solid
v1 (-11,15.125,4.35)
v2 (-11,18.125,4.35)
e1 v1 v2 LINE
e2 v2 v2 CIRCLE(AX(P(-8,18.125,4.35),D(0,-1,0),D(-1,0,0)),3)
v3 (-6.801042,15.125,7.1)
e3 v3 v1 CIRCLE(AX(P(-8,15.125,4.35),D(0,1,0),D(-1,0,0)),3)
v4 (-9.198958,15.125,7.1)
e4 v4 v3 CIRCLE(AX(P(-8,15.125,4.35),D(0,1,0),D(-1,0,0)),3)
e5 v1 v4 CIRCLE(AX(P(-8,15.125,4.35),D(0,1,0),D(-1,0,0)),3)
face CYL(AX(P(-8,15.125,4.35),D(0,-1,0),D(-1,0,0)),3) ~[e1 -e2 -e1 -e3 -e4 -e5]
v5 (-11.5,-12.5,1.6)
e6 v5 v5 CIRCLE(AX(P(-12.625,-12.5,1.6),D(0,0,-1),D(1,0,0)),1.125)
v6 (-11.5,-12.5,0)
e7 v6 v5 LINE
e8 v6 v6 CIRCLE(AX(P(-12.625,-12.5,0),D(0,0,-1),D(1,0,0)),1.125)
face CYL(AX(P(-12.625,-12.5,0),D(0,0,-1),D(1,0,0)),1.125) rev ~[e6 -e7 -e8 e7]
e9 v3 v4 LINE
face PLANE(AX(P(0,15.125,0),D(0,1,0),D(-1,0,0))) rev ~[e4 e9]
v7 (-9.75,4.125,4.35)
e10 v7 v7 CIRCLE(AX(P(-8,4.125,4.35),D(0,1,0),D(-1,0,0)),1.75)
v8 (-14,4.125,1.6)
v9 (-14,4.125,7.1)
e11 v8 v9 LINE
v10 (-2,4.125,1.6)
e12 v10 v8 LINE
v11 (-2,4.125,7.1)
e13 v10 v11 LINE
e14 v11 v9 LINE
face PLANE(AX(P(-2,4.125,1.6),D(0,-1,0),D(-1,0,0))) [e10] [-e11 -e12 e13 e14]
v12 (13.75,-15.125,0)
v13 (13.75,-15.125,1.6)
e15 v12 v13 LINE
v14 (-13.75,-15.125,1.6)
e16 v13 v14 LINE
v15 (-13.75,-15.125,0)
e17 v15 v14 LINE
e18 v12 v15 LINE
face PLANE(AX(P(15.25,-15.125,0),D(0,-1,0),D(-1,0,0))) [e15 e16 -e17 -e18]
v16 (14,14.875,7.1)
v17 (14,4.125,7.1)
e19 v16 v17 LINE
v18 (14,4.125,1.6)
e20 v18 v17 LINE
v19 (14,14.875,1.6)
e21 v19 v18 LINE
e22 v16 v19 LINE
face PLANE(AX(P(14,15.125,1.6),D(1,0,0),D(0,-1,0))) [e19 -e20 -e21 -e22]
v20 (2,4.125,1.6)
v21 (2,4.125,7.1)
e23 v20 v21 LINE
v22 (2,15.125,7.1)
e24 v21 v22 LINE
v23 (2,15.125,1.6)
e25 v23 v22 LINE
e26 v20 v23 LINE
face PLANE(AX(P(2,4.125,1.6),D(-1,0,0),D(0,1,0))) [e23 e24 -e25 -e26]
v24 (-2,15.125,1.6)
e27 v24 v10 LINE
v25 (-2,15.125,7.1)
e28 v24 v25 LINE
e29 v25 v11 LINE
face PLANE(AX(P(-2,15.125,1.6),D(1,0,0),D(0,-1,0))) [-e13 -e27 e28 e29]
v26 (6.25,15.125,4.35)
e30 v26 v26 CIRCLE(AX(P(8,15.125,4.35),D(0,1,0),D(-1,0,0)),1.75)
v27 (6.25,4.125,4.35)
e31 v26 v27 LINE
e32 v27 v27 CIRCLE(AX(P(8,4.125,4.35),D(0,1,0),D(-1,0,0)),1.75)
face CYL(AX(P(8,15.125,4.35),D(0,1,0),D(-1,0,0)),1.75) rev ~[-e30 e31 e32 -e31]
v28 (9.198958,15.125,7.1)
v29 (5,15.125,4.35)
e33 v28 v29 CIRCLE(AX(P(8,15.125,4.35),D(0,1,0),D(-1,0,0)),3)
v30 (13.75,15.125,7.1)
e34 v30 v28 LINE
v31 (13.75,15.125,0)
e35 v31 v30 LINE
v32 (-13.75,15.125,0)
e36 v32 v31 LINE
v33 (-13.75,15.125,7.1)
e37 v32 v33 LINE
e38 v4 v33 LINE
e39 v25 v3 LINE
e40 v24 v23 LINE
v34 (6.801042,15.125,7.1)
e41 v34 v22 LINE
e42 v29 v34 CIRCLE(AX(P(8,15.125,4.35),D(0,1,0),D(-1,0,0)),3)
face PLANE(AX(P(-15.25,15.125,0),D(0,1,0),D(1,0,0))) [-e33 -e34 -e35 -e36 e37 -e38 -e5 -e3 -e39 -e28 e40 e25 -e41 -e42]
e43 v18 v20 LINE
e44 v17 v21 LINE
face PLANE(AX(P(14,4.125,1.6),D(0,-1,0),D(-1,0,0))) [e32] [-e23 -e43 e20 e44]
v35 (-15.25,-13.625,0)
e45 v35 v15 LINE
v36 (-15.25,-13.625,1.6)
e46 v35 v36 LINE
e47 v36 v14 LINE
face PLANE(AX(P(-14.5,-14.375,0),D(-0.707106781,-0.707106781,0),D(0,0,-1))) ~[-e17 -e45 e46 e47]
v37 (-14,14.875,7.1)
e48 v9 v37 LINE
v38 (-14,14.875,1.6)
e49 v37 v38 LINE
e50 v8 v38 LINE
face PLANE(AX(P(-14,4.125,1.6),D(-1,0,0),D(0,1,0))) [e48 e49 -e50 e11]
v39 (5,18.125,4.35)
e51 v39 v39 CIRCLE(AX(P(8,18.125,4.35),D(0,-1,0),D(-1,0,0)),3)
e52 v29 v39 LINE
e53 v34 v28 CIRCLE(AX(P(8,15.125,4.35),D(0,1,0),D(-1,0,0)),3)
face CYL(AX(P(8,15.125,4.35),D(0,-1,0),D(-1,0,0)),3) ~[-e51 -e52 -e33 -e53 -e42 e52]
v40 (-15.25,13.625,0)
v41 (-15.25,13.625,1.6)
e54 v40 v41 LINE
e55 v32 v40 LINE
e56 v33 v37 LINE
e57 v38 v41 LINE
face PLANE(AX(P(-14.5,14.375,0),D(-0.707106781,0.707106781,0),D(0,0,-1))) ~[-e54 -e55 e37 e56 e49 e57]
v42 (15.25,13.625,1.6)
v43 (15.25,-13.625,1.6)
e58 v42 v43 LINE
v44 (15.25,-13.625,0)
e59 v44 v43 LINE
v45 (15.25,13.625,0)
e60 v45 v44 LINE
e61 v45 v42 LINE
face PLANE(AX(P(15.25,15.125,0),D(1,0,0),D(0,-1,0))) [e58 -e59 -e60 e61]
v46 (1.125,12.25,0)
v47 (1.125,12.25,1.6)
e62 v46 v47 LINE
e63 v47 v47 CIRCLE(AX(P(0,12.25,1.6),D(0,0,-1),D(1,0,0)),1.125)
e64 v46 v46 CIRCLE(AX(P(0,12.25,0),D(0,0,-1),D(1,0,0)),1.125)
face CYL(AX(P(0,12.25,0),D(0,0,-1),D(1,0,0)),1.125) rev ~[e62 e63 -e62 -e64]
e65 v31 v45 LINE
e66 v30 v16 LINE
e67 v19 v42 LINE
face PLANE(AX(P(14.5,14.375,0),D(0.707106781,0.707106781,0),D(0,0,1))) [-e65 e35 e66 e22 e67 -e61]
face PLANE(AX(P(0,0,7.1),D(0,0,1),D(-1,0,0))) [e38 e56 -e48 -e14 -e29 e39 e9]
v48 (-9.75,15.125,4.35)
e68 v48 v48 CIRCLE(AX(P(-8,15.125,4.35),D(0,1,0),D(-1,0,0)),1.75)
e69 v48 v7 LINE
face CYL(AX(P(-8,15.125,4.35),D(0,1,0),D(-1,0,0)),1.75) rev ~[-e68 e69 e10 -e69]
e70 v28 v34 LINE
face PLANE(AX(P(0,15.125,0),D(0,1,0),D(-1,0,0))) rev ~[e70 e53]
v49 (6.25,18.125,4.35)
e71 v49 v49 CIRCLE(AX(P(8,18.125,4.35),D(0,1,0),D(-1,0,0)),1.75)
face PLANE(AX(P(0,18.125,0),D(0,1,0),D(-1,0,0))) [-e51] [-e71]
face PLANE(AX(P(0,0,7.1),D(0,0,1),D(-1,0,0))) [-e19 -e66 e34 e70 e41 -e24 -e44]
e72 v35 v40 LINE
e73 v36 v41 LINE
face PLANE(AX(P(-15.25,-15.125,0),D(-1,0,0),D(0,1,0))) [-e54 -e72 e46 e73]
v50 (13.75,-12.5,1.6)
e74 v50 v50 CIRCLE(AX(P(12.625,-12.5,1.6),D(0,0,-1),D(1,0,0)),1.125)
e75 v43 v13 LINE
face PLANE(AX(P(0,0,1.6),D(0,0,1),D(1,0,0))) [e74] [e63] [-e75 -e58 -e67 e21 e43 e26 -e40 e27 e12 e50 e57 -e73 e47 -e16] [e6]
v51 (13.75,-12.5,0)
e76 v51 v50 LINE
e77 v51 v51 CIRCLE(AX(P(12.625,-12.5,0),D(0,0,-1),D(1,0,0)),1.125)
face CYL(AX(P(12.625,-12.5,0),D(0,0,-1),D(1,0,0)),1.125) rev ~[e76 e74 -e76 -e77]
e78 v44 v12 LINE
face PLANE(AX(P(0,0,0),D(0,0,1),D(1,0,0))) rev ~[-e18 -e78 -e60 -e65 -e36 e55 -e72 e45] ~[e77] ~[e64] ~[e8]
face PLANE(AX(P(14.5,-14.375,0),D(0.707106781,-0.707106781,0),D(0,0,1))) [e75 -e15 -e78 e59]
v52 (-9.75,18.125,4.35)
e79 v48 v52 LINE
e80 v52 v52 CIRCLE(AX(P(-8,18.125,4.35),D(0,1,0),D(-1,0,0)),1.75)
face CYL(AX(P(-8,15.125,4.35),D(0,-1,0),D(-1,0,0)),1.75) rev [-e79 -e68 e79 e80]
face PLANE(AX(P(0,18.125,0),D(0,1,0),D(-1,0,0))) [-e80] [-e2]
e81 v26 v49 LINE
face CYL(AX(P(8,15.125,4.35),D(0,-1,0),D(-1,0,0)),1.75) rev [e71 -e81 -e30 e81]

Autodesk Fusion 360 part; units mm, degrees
sketch "Sketch1" plane through (0, 0, 0) normal (0, 0, 1) x (1, 0, 0)
  line L0 (-15.25, 15.125) -> (15.25, 15.125)
  line L1 (15.25, 15.125) -> (15.25, -15.125)
  line L2 (15.25, -15.125) -> (-15.25, -15.125)
  line L3 (-15.25, -15.125) -> (-15.25, 15.125)
  line L4 (-15.25, 15.125) -> (15.25, -15.125) construction
  line L5 (15.25, 15.125) -> (-15.25, -15.125) construction
  dimension "d1" = 30.5
  dimension "d2" = 30.25
extrude "Extrude1" add sketch "Sketch1" along normal blind 1.6
sketch "Sketch2" plane through (0, 0, 1.6) normal (0, 0, 1) x (-1, 0, 0)
  line L0 (15.25, 15.125) -> (-15.25, 15.125)
  line L1 (-15.25, 15.125) -> (-15.25, -15.125)
  line L2 (-15.25, -15.125) -> (15.25, -15.125)
  line L3 (15.25, -15.125) -> (15.25, 15.125)
  line L4 (14, -15.125) -> (2, -15.125)
  line L5 (2, -15.125) -> (2, -4.125)
  line L6 (2, -4.125) -> (14, -4.125)
  line L7 (14, -4.125) -> (14, -15.125)
  line L8 (-2, -15.125) -> (-14, -15.125)
  line L9 (-14, -15.125) -> (-14, -4.125)
  line L10 (-14, -4.125) -> (-2, -4.125)
  line L11 (-2, -4.125) -> (-2, -15.125)
  dimension "d5" = 12
  dimension "d6" = 11
  dimension "d7" = 12
  dimension "d8" = 11
  dimension "d9" = 4
  dimension "d10" = 1.25
extrude "Extrude2" add sketch "Sketch2" along normal blind 5.5 contours L2 L4 L5 L6 L7 | L2 L8 L9 L10 L11
sketch "Sketch3" plane through (0, 15.125, 0) normal (0, 1, 0) x (-1, 0, 0)
  line L0 (-15.25, 0) -> (15.25, 0)
  line L1 (15.25, 0) -> (15.25, 1.6)
  line L2 (15.25, 1.6) -> (14, 1.6)
  line L3 (14, 1.6) -> (14, 7.1)
  line L4 (14, 7.1) -> (2, 7.1)
  line L5 (2, 7.1) -> (2, 1.6)
  line L6 (2, 1.6) -> (-2, 1.6)
  line L7 (-2, 1.6) -> (-2, 7.1)
  line L8 (-2, 7.1) -> (-14, 7.1)
  line L9 (-14, 7.1) -> (-14, 1.6)
  line L10 (-14, 1.6) -> (-15.25, 1.6)
  line L11 (-15.25, 1.6) -> (-15.25, 0)
  line L12 (-2, 1.6) -> (-14, 7.1) construction
  line L13 (2, 1.6) -> (14, 7.1) construction
  circle A0 centre (-8, 4.35) radius 3
  circle A1 centre (8, 4.35) radius 3
  circle A2 centre (-8, 4.35) radius 1.75
  circle A3 centre (8, 4.35) radius 1.75
  dimension "d13" = 6
  dimension "d14" = 6
  dimension "d15" = 3.5
  dimension "d16" = 3.5
extrude "Extrude3" add sketch "Sketch3" along normal blind 3 contours L8 A0 | L8 A0 | L4 A1 | L4 A1
chamfer "Chamfer1" distance 1.5 angle 45 4 edges at (-15.25, -15.125, 0.8) (-15.25, 15.125, 0.8) (15.25, -15.125, 0.8) (15.25, 15.125, 0.8)
sketch "Sketch4" plane through (0, 0, 0) normal (0, 0, -1) x (1, 0, 0)
  line L0 (13.75, -15.125) -> (15.25, -13.625)
  line L1 (15.25, -13.625) -> (15.25, 13.625)
  line L2 (15.25, 13.625) -> (13.75, 15.125)
  line L3 (13.75, 15.125) -> (-13.75, 15.125)
  line L4 (-13.75, 15.125) -> (-15.25, 13.625)
  line L5 (-15.25, 13.625) -> (-15.25, -13.625)
  line L6 (-15.25, -13.625) -> (-13.75, -15.125)
  line L7 (-13.75, -15.125) -> (13.75, -15.125)
  line L8 (0, -15.125) -> (0, 15.125) construction
  circle A0 centre (0, -12.25) radius 1.125
  circle A1 centre (12.625, 12.5) radius 1.125
  circle A2 centre (-12.625, 12.5) radius 1.125
  dimension "d20" = 2.25
  dimension "d21" = 1.75
  dimension "d22" = 1.5
  dimension "d23" = 1.5
  dimension "d24" = 1.5
  dimension "d25" = 1.5
  dimension "d26" = 2.25
  dimension "d27" = 2.25
extrude "Extrude4" cut sketch "Sketch4" against normal blind 1.6 contours A0 | A1 | A2
extrude "Extrude5" cut 2 faces at (7.9535, 15.125, 3.807) (-7.7869, 15.125, 4.893) along direction (0, -1, 0) blind 11
equation "d10 = ( 2.5 / 2 ) * 1 mm"
